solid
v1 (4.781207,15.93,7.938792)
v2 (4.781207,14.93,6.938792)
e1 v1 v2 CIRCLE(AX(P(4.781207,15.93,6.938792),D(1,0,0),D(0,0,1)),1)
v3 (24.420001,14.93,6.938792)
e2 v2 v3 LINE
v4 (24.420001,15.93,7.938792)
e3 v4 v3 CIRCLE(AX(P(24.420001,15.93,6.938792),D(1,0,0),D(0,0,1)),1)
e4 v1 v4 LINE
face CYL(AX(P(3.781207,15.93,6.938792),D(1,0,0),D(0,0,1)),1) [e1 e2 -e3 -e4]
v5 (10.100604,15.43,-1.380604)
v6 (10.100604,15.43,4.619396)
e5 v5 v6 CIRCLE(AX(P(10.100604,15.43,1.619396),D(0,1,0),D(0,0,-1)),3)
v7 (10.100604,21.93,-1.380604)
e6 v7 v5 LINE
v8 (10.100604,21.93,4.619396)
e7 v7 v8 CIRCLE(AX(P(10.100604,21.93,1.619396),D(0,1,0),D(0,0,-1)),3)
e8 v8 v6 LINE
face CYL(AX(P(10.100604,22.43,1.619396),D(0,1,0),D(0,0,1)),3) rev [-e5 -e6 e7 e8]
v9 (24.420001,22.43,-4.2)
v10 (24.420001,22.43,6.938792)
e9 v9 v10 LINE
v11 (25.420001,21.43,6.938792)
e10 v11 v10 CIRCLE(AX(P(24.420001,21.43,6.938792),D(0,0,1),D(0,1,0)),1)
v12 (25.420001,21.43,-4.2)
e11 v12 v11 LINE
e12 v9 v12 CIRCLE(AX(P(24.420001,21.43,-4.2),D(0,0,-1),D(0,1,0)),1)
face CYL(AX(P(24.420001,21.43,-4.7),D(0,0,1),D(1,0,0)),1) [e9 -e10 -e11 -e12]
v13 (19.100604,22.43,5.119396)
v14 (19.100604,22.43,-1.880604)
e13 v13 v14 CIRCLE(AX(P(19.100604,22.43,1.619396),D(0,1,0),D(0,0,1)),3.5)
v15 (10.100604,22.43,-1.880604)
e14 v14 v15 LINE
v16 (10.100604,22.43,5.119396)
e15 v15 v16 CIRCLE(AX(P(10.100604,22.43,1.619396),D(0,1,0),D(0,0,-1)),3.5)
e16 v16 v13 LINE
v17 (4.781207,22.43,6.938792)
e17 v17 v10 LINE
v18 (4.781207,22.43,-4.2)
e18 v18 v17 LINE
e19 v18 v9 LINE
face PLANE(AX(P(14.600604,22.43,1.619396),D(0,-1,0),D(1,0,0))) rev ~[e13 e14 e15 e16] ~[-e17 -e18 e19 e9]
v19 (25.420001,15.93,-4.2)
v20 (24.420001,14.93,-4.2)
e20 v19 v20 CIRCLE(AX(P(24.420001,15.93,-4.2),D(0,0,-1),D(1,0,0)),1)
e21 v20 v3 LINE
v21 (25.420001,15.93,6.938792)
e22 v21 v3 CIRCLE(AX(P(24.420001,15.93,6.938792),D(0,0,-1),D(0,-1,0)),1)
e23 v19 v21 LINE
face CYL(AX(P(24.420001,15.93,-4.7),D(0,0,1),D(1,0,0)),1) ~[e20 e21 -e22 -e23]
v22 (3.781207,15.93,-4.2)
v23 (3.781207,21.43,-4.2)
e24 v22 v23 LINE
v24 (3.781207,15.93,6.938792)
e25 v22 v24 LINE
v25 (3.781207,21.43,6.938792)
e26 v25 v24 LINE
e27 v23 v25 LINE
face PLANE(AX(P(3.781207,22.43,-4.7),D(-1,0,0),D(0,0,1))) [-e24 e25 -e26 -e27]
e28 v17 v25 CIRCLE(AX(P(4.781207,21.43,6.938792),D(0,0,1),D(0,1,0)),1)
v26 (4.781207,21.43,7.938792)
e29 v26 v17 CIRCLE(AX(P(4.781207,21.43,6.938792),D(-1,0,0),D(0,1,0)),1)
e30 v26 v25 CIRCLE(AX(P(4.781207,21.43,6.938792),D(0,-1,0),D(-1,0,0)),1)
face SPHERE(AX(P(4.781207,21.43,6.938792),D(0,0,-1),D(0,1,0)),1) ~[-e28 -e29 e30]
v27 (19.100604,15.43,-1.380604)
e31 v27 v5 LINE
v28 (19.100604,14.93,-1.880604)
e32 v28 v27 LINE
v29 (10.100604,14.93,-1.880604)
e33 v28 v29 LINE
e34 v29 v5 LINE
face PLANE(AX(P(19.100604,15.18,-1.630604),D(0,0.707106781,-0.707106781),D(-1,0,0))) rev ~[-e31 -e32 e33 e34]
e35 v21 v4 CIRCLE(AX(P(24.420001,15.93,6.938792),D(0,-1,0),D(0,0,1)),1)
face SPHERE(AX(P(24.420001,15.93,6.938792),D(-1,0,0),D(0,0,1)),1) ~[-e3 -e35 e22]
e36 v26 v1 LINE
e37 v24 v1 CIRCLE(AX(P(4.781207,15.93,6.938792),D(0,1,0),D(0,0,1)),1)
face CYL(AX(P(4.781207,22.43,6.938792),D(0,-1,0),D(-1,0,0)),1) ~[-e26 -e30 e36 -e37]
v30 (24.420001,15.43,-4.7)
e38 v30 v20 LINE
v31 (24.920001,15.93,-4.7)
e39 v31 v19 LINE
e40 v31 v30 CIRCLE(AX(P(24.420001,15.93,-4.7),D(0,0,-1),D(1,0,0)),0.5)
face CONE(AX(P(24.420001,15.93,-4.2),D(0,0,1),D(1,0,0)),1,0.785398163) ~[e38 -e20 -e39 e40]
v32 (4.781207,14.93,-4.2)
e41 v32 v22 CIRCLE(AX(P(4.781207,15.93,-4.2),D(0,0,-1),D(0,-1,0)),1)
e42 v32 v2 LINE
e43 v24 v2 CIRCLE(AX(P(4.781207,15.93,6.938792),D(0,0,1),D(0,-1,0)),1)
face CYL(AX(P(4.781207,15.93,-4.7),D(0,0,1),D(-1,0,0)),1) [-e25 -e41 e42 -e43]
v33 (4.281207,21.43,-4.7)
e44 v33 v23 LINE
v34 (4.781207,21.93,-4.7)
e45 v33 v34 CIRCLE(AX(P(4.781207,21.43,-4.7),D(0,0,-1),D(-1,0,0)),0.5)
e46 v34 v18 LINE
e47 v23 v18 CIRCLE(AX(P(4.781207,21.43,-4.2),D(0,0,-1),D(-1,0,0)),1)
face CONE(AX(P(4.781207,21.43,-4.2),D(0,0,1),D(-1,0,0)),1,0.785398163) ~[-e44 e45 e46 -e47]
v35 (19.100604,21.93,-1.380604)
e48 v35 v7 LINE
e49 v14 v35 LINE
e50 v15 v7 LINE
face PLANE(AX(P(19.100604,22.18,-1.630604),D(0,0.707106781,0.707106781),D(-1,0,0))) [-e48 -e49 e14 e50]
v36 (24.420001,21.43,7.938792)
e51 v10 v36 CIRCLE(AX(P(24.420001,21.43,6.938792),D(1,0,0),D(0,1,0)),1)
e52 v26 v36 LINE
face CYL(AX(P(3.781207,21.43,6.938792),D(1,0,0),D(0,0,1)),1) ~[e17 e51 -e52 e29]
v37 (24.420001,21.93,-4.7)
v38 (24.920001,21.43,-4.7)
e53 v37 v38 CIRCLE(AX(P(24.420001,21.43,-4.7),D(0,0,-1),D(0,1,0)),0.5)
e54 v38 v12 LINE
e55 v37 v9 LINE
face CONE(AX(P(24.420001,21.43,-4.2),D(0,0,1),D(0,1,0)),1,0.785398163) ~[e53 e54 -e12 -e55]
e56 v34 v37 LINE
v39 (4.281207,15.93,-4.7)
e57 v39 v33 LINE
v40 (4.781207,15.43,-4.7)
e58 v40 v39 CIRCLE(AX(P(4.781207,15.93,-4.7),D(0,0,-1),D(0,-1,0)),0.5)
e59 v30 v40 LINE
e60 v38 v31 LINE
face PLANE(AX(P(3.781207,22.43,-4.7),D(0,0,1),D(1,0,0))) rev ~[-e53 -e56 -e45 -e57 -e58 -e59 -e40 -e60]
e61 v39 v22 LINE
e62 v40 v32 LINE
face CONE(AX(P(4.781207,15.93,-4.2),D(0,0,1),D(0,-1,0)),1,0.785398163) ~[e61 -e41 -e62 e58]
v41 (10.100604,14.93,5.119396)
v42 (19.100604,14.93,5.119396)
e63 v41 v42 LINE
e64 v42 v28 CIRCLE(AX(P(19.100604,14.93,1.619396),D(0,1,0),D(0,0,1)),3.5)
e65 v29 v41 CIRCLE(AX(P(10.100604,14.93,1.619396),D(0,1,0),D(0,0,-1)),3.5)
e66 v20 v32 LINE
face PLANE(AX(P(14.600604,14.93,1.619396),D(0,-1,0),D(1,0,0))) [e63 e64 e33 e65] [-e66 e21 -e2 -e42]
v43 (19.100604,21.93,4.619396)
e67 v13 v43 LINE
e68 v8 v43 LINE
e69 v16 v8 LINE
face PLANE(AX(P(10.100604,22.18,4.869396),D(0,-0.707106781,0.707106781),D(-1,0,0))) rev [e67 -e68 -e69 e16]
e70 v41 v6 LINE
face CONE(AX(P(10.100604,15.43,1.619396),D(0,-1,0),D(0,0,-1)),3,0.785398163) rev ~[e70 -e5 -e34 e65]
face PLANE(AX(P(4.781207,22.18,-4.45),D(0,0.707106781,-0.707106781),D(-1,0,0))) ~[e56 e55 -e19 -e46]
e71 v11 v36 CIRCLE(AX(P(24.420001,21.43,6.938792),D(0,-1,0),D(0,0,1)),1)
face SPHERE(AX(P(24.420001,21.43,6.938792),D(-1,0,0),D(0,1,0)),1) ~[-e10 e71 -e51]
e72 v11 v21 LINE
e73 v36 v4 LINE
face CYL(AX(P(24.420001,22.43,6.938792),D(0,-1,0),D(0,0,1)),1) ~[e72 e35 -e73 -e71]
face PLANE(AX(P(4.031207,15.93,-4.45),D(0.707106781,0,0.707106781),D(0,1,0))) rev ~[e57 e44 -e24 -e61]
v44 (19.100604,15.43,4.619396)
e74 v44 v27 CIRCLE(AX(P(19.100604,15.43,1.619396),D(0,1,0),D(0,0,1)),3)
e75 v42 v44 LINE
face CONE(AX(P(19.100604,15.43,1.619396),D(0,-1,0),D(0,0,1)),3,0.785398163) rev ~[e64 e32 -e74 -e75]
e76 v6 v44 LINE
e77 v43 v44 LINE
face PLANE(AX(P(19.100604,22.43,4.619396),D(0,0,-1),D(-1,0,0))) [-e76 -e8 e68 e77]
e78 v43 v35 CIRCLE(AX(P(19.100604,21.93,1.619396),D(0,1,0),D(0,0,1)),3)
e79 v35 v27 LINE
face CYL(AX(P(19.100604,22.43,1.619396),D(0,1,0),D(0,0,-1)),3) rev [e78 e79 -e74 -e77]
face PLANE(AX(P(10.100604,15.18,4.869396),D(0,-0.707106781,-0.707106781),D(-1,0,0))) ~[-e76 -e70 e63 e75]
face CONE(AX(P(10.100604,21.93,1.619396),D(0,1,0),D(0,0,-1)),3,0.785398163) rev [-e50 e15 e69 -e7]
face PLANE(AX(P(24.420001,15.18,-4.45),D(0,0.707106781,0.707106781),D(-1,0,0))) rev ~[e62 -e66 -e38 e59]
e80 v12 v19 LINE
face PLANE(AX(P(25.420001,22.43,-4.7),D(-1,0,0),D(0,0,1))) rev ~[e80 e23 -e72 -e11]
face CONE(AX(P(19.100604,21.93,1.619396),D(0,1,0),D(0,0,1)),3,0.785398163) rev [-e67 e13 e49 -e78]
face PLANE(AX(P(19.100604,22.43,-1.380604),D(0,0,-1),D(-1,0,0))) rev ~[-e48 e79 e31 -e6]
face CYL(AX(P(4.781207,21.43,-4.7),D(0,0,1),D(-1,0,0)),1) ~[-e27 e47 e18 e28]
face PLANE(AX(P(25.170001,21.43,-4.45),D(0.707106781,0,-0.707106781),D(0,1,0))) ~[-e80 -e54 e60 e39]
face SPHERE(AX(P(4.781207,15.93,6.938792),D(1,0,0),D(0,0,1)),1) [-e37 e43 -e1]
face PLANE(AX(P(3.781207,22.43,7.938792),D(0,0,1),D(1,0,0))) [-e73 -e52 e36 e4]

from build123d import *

# Parameters (mm, degrees)
SKETCH004_W     = 21.638793
SKETCH004_H     = 12.638793
PAD003_DEPTH    = 7.5
FILLET002_R     = 1
CHAMFER003_SIZE = 0.5
CHAMFER004_SIZE = 0.5


with BuildPart() as part:
    # Sketch004 → Pad003 (new body)
    with BuildSketch(Plane.XZ):
        with Locations((-10.819396, 6.319396)):
            Rectangle(SKETCH004_W, SKETCH004_H)
        with BuildLine():
            ThreePointArc((-6.319396, 3.319396), (-3.319396, 6.319396), (-6.319396, 9.319396))
            Line((-6.319396, 9.319396), (-15.319396, 9.319396))
            ThreePointArc((-15.319396, 9.319396), (-18.319396, 6.319396), (-15.319396, 3.319396))
            Line((-6.319396, 3.319396), (-15.319396, 3.319396))
        make_face(mode=Mode.SUBTRACT)
    extrude(amount=PAD003_DEPTH)

    # Fillet002
    fillet002_edges = [part.edges().sort_by_distance(p)[0] for p in [
        (-21.638793, 0, 6.319396),
        (-10.819396, 0, 12.638793),
        (-10.819396, -7.5, 12.638793),
        (-21.638793, -3.75, 12.638793),
        (-21.638793, -7.5, 6.319396),
        (0, 0, 6.319396),
        (0, -3.75, 12.638793),
        (0, -7.5, 6.319396),
    ]]
    fillet(fillet002_edges, radius=FILLET002_R)

    # Chamfer003
    chamfer003_edges = [part.edges().sort_by_distance(p)[0] for p in [
        (-10.819396, 0, 0),
    ]]
    chamfer(chamfer003_edges, length=CHAMFER003_SIZE)

    # Chamfer004
    chamfer004_edges = [part.edges().sort_by_distance(p)[0] for p in [
        (-10.819396, 0, 3.319396),
        (-10.819396, -7.5, 3.319396),
    ]]
    chamfer(chamfer004_edges, length=CHAMFER004_SIZE)


with BuildPart() as part_1:
    # Body004 placement: moved
    add(part.part.moved(Location((25.42, 22.43, -4.7))))


solid = part_1.part
